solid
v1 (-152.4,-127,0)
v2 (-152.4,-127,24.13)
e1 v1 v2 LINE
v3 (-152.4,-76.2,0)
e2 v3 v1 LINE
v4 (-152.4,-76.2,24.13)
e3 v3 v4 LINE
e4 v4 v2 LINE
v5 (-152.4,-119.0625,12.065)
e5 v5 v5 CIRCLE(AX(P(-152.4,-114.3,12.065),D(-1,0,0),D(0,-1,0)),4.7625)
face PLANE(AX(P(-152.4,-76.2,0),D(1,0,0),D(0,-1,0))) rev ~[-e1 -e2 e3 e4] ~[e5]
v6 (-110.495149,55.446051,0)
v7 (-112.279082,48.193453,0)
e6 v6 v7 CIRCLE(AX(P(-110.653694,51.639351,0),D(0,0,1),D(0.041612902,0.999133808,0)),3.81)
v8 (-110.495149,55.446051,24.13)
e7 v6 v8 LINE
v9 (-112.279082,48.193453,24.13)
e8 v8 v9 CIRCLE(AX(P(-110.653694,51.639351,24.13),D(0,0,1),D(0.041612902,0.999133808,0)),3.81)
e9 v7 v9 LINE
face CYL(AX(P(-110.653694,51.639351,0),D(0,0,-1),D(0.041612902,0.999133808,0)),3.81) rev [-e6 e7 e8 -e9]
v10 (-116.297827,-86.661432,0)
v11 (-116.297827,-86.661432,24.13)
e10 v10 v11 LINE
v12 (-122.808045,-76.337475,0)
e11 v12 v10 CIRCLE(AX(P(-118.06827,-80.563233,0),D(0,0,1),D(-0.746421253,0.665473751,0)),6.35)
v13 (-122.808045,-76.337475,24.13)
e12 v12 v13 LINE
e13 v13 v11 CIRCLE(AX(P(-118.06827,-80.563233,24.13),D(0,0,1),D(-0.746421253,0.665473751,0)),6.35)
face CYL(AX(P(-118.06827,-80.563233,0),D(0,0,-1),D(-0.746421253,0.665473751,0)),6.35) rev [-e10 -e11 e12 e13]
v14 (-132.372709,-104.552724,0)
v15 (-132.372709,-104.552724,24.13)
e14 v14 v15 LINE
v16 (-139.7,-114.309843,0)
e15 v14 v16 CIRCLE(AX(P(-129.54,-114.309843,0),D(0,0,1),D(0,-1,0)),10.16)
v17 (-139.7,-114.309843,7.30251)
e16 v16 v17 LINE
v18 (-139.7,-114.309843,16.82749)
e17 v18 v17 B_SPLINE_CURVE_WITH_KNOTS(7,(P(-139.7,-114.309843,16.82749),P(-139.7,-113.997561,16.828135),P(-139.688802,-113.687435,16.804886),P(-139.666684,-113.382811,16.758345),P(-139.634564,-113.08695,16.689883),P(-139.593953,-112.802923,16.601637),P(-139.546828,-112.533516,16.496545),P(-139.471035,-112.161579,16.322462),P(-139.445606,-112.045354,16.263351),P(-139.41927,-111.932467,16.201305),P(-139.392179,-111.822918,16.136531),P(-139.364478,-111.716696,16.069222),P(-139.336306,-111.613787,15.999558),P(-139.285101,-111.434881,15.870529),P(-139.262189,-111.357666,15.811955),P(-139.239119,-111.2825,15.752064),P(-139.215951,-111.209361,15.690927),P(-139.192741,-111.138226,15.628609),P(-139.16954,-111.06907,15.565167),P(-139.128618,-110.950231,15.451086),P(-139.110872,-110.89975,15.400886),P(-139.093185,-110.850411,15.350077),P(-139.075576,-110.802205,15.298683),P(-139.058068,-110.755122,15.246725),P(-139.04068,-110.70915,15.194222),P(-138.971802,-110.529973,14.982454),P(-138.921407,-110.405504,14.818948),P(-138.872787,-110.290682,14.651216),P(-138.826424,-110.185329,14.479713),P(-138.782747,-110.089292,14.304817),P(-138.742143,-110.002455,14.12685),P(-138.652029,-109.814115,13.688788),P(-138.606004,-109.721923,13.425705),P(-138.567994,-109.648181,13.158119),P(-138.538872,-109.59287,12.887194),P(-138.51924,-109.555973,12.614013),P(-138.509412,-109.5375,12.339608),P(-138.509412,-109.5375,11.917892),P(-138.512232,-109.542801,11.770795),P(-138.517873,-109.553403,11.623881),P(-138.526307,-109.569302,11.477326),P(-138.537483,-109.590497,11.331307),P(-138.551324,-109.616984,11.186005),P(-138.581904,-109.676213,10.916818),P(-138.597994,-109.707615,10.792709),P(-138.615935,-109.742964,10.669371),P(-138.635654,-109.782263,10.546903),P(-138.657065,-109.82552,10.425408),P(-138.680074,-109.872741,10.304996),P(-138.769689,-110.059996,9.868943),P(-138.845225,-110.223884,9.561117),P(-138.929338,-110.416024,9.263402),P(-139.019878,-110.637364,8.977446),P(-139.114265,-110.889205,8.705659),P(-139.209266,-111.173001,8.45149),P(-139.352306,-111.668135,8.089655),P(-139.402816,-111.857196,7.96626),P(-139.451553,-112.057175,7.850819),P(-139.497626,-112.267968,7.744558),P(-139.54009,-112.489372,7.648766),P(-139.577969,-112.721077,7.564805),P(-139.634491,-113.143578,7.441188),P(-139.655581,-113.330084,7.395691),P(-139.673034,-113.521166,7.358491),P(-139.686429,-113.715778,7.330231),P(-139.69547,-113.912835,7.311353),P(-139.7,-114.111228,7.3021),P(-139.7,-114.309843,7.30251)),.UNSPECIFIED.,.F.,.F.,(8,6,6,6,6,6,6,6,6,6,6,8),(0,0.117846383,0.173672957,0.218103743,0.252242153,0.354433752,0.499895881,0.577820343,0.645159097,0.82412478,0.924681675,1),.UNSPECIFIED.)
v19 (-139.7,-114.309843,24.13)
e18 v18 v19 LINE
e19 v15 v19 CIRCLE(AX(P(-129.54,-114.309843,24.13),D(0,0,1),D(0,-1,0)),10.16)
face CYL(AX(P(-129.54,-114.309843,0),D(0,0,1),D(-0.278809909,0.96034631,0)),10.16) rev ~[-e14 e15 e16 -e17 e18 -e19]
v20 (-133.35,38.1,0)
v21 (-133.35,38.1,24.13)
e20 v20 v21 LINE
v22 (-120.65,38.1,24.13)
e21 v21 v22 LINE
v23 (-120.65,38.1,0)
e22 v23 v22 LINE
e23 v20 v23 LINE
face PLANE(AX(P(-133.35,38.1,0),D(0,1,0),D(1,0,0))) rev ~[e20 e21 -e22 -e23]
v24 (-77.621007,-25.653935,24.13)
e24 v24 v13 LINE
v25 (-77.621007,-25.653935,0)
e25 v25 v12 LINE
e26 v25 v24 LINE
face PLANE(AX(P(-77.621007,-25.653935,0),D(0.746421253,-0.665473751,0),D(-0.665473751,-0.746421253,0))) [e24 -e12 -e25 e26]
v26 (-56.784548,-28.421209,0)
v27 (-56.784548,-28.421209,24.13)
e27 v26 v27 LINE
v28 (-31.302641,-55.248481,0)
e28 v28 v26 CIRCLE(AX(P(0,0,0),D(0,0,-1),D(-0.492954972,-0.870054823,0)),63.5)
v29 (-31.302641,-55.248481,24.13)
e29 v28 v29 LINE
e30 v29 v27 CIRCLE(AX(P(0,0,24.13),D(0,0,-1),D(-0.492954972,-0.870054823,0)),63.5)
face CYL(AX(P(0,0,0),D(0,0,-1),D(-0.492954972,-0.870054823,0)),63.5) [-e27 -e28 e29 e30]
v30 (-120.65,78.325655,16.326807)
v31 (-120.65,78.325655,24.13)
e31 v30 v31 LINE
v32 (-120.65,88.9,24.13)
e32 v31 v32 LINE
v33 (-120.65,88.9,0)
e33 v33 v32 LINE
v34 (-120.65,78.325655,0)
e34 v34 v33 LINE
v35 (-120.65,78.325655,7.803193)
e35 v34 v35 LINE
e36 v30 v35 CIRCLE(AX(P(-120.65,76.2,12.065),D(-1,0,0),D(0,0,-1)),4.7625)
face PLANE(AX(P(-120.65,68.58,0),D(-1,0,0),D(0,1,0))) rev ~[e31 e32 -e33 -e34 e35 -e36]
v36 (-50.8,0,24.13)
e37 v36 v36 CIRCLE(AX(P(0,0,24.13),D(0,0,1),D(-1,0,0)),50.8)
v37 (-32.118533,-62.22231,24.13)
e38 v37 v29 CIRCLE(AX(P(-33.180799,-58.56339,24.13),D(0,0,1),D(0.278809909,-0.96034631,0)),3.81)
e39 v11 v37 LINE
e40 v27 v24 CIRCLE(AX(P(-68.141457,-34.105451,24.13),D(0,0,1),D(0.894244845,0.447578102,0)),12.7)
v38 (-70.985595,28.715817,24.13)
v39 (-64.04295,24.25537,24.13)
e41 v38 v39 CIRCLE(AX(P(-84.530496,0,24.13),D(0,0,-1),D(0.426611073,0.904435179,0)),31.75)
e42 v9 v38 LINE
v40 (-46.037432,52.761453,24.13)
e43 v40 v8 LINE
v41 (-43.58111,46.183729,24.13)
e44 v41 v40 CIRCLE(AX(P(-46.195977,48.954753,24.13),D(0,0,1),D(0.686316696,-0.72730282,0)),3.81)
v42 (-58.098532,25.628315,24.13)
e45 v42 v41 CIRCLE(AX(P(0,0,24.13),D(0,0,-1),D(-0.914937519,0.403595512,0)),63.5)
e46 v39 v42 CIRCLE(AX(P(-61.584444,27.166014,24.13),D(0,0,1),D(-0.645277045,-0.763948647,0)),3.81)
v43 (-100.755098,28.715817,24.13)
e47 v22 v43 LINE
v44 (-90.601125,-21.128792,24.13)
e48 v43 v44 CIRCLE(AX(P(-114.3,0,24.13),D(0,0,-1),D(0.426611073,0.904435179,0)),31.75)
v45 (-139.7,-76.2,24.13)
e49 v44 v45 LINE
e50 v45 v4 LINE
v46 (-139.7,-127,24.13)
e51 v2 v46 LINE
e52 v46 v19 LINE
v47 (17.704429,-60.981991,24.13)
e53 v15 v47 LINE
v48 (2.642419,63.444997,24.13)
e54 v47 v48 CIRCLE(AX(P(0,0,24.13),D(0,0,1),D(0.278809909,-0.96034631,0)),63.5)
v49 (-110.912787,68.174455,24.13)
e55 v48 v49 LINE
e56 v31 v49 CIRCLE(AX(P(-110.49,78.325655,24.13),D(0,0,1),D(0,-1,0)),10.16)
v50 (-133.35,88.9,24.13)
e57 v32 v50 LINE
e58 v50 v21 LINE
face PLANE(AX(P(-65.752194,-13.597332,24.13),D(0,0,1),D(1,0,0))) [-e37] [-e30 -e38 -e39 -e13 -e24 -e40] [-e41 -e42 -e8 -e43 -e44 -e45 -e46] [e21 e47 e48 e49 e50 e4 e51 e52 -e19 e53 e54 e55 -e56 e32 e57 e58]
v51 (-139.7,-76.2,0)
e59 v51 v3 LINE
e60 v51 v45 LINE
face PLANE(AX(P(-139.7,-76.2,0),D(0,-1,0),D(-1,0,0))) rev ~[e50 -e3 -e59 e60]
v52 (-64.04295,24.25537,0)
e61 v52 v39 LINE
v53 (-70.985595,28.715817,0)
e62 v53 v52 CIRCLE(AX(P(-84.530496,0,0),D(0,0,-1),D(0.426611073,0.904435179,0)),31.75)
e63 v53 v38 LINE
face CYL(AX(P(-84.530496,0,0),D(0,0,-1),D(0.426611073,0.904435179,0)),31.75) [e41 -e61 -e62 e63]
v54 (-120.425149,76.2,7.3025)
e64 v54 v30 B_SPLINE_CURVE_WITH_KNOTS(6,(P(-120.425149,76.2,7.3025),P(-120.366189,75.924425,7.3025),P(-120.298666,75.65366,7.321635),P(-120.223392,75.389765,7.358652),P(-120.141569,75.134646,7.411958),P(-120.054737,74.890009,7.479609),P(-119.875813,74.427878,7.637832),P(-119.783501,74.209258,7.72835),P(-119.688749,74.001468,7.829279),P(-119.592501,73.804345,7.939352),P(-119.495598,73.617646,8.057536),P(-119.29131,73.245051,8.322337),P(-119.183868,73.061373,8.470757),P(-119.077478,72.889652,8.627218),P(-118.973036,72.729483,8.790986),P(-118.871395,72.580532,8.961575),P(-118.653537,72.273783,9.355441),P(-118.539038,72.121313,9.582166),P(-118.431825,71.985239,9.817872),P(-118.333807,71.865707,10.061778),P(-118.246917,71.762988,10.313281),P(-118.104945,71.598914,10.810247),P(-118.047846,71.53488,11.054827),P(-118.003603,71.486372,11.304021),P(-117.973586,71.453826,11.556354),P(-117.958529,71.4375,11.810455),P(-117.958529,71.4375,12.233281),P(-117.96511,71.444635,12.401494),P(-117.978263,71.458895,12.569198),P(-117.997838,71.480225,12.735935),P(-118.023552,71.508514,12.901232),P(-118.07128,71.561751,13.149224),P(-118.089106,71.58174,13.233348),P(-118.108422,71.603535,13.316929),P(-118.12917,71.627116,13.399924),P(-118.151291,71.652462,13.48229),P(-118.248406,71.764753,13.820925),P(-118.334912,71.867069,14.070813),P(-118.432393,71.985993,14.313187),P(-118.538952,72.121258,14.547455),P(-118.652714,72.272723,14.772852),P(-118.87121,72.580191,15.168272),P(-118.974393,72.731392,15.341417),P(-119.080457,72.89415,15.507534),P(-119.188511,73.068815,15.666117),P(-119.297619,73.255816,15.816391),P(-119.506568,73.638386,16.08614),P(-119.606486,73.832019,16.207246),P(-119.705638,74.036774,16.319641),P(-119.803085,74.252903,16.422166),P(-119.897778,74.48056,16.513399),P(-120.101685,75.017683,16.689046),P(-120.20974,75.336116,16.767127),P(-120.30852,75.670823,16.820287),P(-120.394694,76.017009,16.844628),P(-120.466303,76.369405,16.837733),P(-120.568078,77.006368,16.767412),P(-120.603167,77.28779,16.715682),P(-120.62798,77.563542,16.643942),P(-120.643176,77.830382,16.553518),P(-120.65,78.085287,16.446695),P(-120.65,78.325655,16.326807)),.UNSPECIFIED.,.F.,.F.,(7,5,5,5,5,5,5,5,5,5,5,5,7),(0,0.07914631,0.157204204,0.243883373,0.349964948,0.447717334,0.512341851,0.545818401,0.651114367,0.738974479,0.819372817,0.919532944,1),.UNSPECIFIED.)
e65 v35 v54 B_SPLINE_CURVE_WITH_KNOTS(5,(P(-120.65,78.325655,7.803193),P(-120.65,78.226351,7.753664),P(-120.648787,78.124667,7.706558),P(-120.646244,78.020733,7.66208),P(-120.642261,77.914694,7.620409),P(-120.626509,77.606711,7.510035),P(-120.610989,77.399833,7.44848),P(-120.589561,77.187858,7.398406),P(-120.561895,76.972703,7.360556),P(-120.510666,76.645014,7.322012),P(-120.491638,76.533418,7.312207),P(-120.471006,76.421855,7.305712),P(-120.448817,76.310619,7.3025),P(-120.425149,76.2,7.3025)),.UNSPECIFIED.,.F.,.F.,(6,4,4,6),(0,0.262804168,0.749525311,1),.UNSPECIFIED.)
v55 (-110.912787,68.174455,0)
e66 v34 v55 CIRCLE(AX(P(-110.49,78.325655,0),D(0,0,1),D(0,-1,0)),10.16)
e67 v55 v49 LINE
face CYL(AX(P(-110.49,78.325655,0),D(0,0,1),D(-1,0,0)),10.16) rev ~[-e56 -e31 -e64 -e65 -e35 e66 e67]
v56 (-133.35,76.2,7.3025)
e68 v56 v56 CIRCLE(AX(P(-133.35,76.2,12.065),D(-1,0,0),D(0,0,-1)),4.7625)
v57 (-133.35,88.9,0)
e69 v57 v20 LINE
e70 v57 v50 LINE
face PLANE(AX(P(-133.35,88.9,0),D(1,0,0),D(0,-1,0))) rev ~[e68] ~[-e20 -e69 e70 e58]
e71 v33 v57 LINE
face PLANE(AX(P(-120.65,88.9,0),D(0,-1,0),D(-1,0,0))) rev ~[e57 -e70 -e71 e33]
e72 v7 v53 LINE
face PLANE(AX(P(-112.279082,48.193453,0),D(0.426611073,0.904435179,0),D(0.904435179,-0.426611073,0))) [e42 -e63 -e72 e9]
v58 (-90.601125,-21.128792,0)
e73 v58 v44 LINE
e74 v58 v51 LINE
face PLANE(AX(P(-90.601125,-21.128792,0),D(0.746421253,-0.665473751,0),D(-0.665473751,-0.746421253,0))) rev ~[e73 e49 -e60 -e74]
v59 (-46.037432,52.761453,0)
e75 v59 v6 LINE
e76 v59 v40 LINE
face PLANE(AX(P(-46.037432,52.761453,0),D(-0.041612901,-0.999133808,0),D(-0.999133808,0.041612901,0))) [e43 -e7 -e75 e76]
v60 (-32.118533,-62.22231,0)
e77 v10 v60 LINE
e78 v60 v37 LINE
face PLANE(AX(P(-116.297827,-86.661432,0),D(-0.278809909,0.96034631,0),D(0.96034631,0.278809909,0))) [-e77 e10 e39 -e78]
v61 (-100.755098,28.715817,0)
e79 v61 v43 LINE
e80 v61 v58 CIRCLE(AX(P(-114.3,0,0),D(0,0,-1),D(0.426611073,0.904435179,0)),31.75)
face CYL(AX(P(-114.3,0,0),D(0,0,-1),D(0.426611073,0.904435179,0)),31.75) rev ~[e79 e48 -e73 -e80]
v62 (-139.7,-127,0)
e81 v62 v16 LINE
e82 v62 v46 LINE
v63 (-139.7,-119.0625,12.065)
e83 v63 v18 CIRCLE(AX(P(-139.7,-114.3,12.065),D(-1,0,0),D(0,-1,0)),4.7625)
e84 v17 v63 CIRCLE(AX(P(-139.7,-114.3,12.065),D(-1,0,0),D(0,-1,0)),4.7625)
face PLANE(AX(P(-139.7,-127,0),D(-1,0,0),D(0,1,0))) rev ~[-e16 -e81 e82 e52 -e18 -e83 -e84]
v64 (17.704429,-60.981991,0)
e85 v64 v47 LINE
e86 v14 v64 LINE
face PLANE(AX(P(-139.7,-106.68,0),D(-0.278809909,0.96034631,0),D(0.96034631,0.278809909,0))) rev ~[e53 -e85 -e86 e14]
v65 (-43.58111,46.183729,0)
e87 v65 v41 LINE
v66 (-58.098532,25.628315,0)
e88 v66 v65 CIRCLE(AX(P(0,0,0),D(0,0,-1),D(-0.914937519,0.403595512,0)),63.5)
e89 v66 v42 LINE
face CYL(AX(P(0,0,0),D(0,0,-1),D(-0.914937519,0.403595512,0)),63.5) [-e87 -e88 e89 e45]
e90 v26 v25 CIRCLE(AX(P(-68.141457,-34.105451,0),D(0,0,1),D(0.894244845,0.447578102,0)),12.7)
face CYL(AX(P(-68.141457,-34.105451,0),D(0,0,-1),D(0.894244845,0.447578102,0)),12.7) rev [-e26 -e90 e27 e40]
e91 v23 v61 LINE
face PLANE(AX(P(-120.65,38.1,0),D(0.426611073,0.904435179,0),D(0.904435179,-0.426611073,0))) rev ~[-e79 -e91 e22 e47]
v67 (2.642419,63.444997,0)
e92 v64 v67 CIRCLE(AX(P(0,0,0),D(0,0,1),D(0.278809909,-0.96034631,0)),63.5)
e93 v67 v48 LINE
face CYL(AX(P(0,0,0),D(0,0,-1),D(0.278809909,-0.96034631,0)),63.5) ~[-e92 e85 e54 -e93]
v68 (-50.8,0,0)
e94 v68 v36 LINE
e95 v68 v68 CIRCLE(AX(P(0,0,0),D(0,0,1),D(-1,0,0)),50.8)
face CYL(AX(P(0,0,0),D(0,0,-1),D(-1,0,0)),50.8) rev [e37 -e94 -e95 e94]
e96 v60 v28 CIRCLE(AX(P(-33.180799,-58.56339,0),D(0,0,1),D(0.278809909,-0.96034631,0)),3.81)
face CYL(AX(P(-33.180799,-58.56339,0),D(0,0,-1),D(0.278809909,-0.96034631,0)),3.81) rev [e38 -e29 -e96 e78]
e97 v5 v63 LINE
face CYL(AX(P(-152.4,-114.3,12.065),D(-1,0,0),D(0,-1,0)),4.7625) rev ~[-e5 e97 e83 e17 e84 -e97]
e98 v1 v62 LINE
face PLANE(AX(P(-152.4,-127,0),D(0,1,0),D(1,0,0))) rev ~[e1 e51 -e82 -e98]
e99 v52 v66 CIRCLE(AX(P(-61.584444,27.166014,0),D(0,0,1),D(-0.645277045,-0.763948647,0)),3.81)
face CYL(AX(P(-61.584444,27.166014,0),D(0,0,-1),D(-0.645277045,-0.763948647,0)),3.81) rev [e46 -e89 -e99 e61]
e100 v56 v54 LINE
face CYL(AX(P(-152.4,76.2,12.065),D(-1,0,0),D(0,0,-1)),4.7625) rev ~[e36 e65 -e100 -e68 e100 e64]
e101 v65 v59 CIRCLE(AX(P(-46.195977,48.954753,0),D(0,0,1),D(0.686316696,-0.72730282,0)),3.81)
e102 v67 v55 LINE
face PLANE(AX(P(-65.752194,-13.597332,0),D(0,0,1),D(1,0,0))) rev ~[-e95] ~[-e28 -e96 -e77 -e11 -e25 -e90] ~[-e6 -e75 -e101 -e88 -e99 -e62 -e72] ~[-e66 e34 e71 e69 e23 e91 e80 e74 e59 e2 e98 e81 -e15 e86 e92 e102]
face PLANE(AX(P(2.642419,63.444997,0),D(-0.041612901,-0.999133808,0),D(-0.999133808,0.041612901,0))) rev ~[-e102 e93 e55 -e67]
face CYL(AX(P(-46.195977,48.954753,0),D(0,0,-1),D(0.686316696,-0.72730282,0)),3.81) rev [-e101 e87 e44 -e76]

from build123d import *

# Parameters (mm, degrees)
SKETCH1_R           = 50.8
BOSS_EXTRUDE1_DEPTH = 24.13
FILLET1_R           = 10.16
SKETCH2_R           = 4.7625
CUT_EXTRUDE1_DEPTH  = 252.642736633


with BuildPart() as part:
    # Sketch1 → Boss-Extrude1 (new body)
    with BuildSketch(Plane.XY):
        with BuildLine():
            Line((-133.35, 88.9), (-133.35, 38.1))
            Line((-133.35, 38.1), (-120.65, 38.1))
            Line((-120.65, 38.1), (-100.755098441, 28.715816927))
            ThreePointArc((-100.755098441, 28.715816927), (-83.188973521, 6.337707108), (-90.601125221, -21.128791593))
            Line((-90.601125221, -21.128791593), (-139.7, -76.2))
            Line((-139.7, -76.2), (-152.4, -76.2))
            Line((-152.4, -76.2), (-152.4, -127))
            Line((-152.4, -127), (-139.7, -127))
            Line((-139.7, -127), (-139.7, -106.68))
            Line((-139.7, -106.68), (17.704429235, -60.981990665))
            ThreePointArc((17.704429235, -60.981990665), (63.039807772, 7.631031129), (2.642419241, 63.444996813))
            Line((2.642419241, 63.444996813), (-120.65, 68.58))
            Line((-120.65, 68.58), (-120.65, 88.9))
            Line((-120.65, 88.9), (-133.35, 88.9))
        make_face()
        with Locations(Location((0, 0, 0), (0, 0, 180))):
            Circle(SKETCH1_R, mode=Mode.SUBTRACT)
        with BuildLine():
            Line((-46.037431664, 52.76145265), (-110.49514893, 55.446050662))
            ThreePointArc((-110.49514893, 55.446050662), (-114.353417179, 52.549377789), (-112.279082271, 48.193452823))
            Line((-112.279082271, 48.193452823), (-70.985594525, 28.715816927))
            ThreePointArc((-70.985594525, 28.715816927), (-67.368742902, 26.71210826), (-64.042949916, 24.25536955))
            ThreePointArc((-64.042949916, 24.25536955), (-60.727043781, 23.453741785), (-58.09853243, 25.628314996))
            ThreePointArc((-58.09853243, 25.628314996), (-51.868282156, 36.632380569), (-43.581110206, 46.183729096))
            ThreePointArc((-43.581110206, 46.183729096), (-42.626724096, 50.287620053), (-46.037431664, 52.76145265))
        make_face(mode=Mode.SUBTRACT)
        with BuildLine():
            Line((-77.6210071, -25.653934719), (-122.808045193, -76.337474888))
            ThreePointArc((-122.808045193, -76.337474888), (-123.43951378, -83.950303149), (-116.297827314, -86.661432273))
            Line((-116.297827314, -86.661432273), (-32.118533433, -62.222309585))
            ThreePointArc((-32.118533433, -62.222309585), (-29.396609186, -59.006115837), (-31.302640742, -55.248481269))
            ThreePointArc((-31.302640742, -55.248481269), (-46.04089289, -43.731981225), (-56.784547657, -28.421209464))
            ThreePointArc((-56.784547657, -28.421209464), (-66.469460728, -21.515994345), (-77.6210071, -25.653934719))
        make_face(mode=Mode.SUBTRACT)
    extrude(amount=BOSS_EXTRUDE1_DEPTH)

    # Fillet1
    fillet1_edges = [part.edges().sort_by_distance(p)[0] for p in [
        (-120.65, 68.58, 12.065),
        (-139.7, -106.68, 12.065),
    ]]
    fillet(fillet1_edges, radius=FILLET1_R)

    # Sketch2 → Cut-Extrude1 (cut, through all)
    with BuildSketch(Plane.ZY.offset(152.4)):
        with Locations(Location((12.065, -114.3, 0), (0, 0, 270))):
            Circle(SKETCH2_R)
        with Locations(Location((12.065, 76.2, 0), (0, 0, 180))):
            Circle(SKETCH2_R)
    extrude(amount=-CUT_EXTRUDE1_DEPTH, mode=Mode.SUBTRACT)


solid = part.part
